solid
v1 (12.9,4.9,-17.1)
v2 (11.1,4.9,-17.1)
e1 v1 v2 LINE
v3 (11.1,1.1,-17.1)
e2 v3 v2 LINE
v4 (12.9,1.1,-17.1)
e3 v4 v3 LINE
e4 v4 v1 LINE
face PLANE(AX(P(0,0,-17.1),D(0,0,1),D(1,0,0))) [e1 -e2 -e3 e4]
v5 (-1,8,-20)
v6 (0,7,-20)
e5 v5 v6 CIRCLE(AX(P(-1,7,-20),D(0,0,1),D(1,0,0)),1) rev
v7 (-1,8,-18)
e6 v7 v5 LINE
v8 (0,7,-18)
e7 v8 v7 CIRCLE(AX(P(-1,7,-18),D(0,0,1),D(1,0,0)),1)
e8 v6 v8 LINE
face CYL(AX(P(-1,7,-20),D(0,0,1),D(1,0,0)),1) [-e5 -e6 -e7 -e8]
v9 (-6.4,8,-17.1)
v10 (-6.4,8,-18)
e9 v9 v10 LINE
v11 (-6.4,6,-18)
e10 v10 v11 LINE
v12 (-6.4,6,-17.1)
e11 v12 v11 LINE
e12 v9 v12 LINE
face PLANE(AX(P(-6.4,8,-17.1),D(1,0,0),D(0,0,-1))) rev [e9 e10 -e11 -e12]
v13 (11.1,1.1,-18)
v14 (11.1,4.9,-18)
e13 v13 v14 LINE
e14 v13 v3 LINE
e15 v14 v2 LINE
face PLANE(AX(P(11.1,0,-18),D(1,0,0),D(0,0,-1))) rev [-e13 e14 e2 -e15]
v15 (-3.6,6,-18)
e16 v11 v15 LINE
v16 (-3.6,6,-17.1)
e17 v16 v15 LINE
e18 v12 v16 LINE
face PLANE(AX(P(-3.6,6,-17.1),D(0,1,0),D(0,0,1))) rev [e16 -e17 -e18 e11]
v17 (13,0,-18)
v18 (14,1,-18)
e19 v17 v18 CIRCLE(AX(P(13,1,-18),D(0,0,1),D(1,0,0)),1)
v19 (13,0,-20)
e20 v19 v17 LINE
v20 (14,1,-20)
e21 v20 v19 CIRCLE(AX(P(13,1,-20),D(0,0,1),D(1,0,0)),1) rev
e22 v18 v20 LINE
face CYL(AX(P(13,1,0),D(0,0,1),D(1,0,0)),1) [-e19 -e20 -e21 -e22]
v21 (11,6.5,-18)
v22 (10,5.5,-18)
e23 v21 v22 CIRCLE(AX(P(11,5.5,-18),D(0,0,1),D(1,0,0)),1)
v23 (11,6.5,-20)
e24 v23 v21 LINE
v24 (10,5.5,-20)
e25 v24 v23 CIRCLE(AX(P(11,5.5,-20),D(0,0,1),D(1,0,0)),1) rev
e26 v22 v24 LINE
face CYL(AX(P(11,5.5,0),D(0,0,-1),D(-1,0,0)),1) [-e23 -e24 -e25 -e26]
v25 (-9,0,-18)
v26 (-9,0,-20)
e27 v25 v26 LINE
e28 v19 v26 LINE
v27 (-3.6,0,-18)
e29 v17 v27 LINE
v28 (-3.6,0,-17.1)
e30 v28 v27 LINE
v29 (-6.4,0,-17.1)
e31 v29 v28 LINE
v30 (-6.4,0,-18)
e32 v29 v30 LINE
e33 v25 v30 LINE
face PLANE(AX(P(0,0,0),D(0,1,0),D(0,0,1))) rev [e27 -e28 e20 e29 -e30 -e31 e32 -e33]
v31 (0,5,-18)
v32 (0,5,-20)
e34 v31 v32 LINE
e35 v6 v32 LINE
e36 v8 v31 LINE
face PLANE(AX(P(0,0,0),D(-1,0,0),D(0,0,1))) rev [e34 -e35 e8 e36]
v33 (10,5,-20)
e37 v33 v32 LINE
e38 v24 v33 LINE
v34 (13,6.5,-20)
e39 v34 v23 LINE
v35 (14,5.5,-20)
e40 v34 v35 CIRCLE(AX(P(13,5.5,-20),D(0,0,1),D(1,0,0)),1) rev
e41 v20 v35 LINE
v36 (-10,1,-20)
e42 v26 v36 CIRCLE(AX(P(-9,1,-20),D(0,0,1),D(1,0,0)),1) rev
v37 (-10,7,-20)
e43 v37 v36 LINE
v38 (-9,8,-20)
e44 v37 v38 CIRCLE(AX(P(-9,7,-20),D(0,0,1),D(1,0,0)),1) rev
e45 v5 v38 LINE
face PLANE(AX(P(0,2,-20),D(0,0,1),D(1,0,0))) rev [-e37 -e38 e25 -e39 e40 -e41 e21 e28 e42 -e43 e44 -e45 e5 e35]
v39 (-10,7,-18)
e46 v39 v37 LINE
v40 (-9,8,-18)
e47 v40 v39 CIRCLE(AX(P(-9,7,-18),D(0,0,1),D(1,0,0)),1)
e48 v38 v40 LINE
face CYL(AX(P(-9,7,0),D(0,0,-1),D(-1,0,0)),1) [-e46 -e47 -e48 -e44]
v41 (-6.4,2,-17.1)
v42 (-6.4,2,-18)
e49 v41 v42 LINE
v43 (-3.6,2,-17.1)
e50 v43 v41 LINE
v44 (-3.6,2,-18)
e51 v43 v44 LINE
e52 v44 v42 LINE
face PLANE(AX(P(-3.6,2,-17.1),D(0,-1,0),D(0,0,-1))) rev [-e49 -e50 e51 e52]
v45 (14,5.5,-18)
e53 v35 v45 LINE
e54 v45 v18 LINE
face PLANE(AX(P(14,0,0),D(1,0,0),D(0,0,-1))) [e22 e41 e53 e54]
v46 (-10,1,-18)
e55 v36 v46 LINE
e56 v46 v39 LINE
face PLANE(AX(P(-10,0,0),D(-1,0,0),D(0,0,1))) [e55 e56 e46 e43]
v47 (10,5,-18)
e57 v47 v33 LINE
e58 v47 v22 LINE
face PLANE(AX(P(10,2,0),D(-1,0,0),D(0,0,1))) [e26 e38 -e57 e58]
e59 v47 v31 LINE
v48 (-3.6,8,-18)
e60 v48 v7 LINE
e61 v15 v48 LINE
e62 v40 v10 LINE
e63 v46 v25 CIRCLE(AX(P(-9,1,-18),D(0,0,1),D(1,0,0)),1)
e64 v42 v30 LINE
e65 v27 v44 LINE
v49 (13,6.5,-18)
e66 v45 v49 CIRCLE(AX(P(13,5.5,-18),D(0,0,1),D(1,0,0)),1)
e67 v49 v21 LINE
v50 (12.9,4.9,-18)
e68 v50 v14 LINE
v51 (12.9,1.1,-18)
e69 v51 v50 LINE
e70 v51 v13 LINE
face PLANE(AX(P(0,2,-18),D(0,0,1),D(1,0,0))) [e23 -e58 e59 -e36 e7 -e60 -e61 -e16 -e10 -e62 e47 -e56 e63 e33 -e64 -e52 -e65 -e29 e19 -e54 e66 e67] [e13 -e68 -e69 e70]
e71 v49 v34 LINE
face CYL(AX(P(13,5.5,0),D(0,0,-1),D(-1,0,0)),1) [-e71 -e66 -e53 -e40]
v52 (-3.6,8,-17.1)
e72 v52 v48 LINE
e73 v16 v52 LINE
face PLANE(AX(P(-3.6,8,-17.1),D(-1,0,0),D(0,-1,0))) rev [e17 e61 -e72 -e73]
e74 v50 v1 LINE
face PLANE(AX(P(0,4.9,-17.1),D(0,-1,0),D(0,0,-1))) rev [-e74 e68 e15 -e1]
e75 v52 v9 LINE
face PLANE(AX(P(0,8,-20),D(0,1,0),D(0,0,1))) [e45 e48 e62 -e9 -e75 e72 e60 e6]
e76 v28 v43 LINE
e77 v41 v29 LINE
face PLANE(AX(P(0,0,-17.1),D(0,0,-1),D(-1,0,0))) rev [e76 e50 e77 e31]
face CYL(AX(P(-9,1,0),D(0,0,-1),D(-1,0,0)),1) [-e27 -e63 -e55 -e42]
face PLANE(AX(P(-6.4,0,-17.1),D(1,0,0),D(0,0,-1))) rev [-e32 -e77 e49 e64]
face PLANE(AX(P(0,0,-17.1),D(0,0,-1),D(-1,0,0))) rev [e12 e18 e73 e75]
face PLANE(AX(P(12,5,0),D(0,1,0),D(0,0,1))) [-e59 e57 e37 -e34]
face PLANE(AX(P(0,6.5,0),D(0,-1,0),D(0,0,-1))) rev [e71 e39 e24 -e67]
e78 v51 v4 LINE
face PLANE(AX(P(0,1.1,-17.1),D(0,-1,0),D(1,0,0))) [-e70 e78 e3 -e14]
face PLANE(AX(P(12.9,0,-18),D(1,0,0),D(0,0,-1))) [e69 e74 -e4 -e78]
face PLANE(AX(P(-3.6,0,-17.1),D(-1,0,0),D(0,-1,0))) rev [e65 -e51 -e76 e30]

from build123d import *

# Parameters (mm, degrees)
SKETCH1_W           = 14
SKETCH1_H           = 22
SKETCH1_W_2         = 10
SKETCH1_H_2         = 18
EXTRUDE_THIN1_DEPTH = 2
SKETCH2_W           = 2
SKETCH2_H           = 22
BOSS_EXTRUDE1_DEPTH = 4.5
SKETCH3_W           = 22
SKETCH3_H           = 8
SKETCH3_W_2         = 18
SKETCH3_H_2         = 4
EXTRUDE_THIN2_DEPTH = 2
SKETCH4_W           = 20
SKETCH4_H           = 8
CUT_EXTRUDE1_DEPTH  = 26
SKETCH5_W           = 0.9
SKETCH5_H           = 1.9
SKETCH5_H_2         = 3.8
BOSS_EXTRUDE2_DEPTH = 0.9
SKETCH6_W           = 2
SKETCH6_H           = 1.9
BOSS_EXTRUDE3_DEPTH = 8
SKETCH7_W           = 2.8
SKETCH7_H           = 2
BOSS_EXTRUDE4_DEPTH = 0.9
SKETCH8_W           = 0.9
SKETCH8_H           = 0.9
CUT_EXTRUDE2_DEPTH  = 25.657656012
BOSS_EXTRUDE5_REACH = 26.658
SKETCH9_W           = 2
SKETCH9_H           = 3
BOSS_EXTRUDE6_DEPTH = 2
SKETCH11_W          = 1.1
SKETCH11_H          = 3.8
BOSS_EXTRUDE7_DEPTH = 0.9
SKETCH12_W          = 1.1
SKETCH12_H          = 3.8
CUT_EXTRUDE3_DEPTH  = 0.9
FILLET1_R           = 1


with BuildPart() as part:
    # Sketch1 → Extrude-Thin1 (new body)
    with BuildSketch(Plane(origin=(0, 0, 0), x_dir=(1, 0, 0), z_dir=(0, 1, 0))):
        with Locations((5, 9)):
            Rectangle(SKETCH1_W, SKETCH1_H)
        with Locations((5, 9)):
            Rectangle(SKETCH1_W_2, SKETCH1_H_2, mode=Mode.SUBTRACT)
    extrude(amount=EXTRUDE_THIN1_DEPTH)

    # Sketch2 → Boss-Extrude1 (add)
    with BuildSketch(Plane(origin=(0, 2, 0), x_dir=(1, 0, 0), z_dir=(0, 1, 0))):
        with Locations((11, 9)):
            Rectangle(SKETCH2_W, SKETCH2_H)
    extrude(amount=BOSS_EXTRUDE1_DEPTH)

    # Sketch3 → Extrude-Thin2 (add)
    with BuildSketch(Plane.ZY.offset(2)):
        with Locations((-9, 4)):
            Rectangle(SKETCH3_W, SKETCH3_H)
        with Locations((-9, 4)):
            Rectangle(SKETCH3_W_2, SKETCH3_H_2, mode=Mode.SUBTRACT)
    extrude(amount=-EXTRUDE_THIN2_DEPTH)

    # Sketch4 → Cut-Extrude1 (cut)
    with BuildSketch(Plane(origin=(12, 0, 0), x_dir=(0, 0, -1), z_dir=(1, 0, 0))):
        with Locations((8, 4)):
            Rectangle(SKETCH4_W, SKETCH4_H)
    extrude(amount=-CUT_EXTRUDE1_DEPTH, mode=Mode.SUBTRACT)

    # Sketch5 → Boss-Extrude2 (add)
    with BuildSketch(Plane.XY.offset(-18)):
        with Locations((-1.55, 7.05)):
            Rectangle(SKETCH5_W, SKETCH5_H)
        with Locations((-1.55, 0.95)):
            Rectangle(SKETCH5_W, SKETCH5_H)
        with Locations((11.55, 3)):
            Rectangle(SKETCH5_W, SKETCH5_H_2)
    extrude(amount=BOSS_EXTRUDE2_DEPTH)

    # Sketch6 → Boss-Extrude3 (add)
    with BuildSketch(Plane.ZY.offset(2)):
        Polygon((-18, 1.9), (-18, 6.1), (-18, 8), (-20, 8), (-20, 1.9), align=None)
        with Locations((-19, 0.95)):
            Rectangle(SKETCH6_W, SKETCH6_H)
    extrude(amount=BOSS_EXTRUDE3_DEPTH)

    # Sketch7 → Boss-Extrude4 (add)
    with BuildSketch(Plane.XY.offset(-18)):
        with Locations((-5, 7)):
            Rectangle(SKETCH7_W, SKETCH7_H)
        with Locations((-5, 1)):
            Rectangle(SKETCH7_W, SKETCH7_H)
    extrude(amount=BOSS_EXTRUDE4_DEPTH)

    # Sketch8 → Cut-Extrude2 (cut, through all)
    with BuildSketch(Plane(origin=(0, 8, 0), x_dir=(1, 0, 0), z_dir=(0, 1, 0))):
        with Locations((-1.55, 17.55)):
            Rectangle(SKETCH8_W, SKETCH8_H)
    extrude(amount=-CUT_EXTRUDE2_DEPTH, mode=Mode.SUBTRACT)

    # Sketch9 → Boss-Extrude5 (add, up to next)
    with BuildSketch(Plane(origin=(0, 0, 0), x_dir=(0, 0, -1), z_dir=(1, 0, 0)), mode=Mode.PRIVATE) as boss_extrude5_sk1:
        with Locations((19, 3.5)):
            Rectangle(SKETCH9_W, SKETCH9_H)
    boss_extrude5_tool1 = extrude(boss_extrude5_sk1.sketch, amount=BOSS_EXTRUDE5_REACH, mode=Mode.PRIVATE) - part.part
    add(boss_extrude5_tool1.solids().sort_by_distance((0, 3.5, -19))[0])

    # Sketch10 → Boss-Extrude6 (add)
    with BuildSketch(Plane(origin=(12, 0, 0), x_dir=(0, 0, -1), z_dir=(1, 0, 0))):
        Polygon((18, 6.5), (18, 4.9), (17.1, 4.9), (17.1, 1.1), (18, 1.1), (18, 0), (20, 0), (20, 6.5), align=None)
    extrude(amount=BOSS_EXTRUDE6_DEPTH)

    # Sketch11 → Boss-Extrude7 (add)
    with BuildSketch(Plane.XY.offset(-18)):
        with Locations((10.55, 3)):
            Rectangle(SKETCH11_W, SKETCH11_H)
    extrude(amount=BOSS_EXTRUDE7_DEPTH)

    # Sketch12 → Cut-Extrude3 (cut)
    with BuildSketch(Plane.XY.offset(-17.1)):
        with Locations((10.55, 3)):
            Rectangle(SKETCH12_W, SKETCH12_H)
        with Locations((13.45, 3)):
            Rectangle(SKETCH12_W, SKETCH12_H)
    extrude(amount=-CUT_EXTRUDE3_DEPTH, mode=Mode.SUBTRACT)

    # Fillet1
    fillet1_edges = [part.edges().sort_by_distance(p)[0] for p in [
        (-10, 0, -19),
        (-10, 8, -19),
        (14, 6.5, -19),
        (14, 0, -19),
        (10, 6.5, -19),
        (0, 8, -19),
    ]]
    fillet(fillet1_edges, radius=FILLET1_R)


solid = part.part
